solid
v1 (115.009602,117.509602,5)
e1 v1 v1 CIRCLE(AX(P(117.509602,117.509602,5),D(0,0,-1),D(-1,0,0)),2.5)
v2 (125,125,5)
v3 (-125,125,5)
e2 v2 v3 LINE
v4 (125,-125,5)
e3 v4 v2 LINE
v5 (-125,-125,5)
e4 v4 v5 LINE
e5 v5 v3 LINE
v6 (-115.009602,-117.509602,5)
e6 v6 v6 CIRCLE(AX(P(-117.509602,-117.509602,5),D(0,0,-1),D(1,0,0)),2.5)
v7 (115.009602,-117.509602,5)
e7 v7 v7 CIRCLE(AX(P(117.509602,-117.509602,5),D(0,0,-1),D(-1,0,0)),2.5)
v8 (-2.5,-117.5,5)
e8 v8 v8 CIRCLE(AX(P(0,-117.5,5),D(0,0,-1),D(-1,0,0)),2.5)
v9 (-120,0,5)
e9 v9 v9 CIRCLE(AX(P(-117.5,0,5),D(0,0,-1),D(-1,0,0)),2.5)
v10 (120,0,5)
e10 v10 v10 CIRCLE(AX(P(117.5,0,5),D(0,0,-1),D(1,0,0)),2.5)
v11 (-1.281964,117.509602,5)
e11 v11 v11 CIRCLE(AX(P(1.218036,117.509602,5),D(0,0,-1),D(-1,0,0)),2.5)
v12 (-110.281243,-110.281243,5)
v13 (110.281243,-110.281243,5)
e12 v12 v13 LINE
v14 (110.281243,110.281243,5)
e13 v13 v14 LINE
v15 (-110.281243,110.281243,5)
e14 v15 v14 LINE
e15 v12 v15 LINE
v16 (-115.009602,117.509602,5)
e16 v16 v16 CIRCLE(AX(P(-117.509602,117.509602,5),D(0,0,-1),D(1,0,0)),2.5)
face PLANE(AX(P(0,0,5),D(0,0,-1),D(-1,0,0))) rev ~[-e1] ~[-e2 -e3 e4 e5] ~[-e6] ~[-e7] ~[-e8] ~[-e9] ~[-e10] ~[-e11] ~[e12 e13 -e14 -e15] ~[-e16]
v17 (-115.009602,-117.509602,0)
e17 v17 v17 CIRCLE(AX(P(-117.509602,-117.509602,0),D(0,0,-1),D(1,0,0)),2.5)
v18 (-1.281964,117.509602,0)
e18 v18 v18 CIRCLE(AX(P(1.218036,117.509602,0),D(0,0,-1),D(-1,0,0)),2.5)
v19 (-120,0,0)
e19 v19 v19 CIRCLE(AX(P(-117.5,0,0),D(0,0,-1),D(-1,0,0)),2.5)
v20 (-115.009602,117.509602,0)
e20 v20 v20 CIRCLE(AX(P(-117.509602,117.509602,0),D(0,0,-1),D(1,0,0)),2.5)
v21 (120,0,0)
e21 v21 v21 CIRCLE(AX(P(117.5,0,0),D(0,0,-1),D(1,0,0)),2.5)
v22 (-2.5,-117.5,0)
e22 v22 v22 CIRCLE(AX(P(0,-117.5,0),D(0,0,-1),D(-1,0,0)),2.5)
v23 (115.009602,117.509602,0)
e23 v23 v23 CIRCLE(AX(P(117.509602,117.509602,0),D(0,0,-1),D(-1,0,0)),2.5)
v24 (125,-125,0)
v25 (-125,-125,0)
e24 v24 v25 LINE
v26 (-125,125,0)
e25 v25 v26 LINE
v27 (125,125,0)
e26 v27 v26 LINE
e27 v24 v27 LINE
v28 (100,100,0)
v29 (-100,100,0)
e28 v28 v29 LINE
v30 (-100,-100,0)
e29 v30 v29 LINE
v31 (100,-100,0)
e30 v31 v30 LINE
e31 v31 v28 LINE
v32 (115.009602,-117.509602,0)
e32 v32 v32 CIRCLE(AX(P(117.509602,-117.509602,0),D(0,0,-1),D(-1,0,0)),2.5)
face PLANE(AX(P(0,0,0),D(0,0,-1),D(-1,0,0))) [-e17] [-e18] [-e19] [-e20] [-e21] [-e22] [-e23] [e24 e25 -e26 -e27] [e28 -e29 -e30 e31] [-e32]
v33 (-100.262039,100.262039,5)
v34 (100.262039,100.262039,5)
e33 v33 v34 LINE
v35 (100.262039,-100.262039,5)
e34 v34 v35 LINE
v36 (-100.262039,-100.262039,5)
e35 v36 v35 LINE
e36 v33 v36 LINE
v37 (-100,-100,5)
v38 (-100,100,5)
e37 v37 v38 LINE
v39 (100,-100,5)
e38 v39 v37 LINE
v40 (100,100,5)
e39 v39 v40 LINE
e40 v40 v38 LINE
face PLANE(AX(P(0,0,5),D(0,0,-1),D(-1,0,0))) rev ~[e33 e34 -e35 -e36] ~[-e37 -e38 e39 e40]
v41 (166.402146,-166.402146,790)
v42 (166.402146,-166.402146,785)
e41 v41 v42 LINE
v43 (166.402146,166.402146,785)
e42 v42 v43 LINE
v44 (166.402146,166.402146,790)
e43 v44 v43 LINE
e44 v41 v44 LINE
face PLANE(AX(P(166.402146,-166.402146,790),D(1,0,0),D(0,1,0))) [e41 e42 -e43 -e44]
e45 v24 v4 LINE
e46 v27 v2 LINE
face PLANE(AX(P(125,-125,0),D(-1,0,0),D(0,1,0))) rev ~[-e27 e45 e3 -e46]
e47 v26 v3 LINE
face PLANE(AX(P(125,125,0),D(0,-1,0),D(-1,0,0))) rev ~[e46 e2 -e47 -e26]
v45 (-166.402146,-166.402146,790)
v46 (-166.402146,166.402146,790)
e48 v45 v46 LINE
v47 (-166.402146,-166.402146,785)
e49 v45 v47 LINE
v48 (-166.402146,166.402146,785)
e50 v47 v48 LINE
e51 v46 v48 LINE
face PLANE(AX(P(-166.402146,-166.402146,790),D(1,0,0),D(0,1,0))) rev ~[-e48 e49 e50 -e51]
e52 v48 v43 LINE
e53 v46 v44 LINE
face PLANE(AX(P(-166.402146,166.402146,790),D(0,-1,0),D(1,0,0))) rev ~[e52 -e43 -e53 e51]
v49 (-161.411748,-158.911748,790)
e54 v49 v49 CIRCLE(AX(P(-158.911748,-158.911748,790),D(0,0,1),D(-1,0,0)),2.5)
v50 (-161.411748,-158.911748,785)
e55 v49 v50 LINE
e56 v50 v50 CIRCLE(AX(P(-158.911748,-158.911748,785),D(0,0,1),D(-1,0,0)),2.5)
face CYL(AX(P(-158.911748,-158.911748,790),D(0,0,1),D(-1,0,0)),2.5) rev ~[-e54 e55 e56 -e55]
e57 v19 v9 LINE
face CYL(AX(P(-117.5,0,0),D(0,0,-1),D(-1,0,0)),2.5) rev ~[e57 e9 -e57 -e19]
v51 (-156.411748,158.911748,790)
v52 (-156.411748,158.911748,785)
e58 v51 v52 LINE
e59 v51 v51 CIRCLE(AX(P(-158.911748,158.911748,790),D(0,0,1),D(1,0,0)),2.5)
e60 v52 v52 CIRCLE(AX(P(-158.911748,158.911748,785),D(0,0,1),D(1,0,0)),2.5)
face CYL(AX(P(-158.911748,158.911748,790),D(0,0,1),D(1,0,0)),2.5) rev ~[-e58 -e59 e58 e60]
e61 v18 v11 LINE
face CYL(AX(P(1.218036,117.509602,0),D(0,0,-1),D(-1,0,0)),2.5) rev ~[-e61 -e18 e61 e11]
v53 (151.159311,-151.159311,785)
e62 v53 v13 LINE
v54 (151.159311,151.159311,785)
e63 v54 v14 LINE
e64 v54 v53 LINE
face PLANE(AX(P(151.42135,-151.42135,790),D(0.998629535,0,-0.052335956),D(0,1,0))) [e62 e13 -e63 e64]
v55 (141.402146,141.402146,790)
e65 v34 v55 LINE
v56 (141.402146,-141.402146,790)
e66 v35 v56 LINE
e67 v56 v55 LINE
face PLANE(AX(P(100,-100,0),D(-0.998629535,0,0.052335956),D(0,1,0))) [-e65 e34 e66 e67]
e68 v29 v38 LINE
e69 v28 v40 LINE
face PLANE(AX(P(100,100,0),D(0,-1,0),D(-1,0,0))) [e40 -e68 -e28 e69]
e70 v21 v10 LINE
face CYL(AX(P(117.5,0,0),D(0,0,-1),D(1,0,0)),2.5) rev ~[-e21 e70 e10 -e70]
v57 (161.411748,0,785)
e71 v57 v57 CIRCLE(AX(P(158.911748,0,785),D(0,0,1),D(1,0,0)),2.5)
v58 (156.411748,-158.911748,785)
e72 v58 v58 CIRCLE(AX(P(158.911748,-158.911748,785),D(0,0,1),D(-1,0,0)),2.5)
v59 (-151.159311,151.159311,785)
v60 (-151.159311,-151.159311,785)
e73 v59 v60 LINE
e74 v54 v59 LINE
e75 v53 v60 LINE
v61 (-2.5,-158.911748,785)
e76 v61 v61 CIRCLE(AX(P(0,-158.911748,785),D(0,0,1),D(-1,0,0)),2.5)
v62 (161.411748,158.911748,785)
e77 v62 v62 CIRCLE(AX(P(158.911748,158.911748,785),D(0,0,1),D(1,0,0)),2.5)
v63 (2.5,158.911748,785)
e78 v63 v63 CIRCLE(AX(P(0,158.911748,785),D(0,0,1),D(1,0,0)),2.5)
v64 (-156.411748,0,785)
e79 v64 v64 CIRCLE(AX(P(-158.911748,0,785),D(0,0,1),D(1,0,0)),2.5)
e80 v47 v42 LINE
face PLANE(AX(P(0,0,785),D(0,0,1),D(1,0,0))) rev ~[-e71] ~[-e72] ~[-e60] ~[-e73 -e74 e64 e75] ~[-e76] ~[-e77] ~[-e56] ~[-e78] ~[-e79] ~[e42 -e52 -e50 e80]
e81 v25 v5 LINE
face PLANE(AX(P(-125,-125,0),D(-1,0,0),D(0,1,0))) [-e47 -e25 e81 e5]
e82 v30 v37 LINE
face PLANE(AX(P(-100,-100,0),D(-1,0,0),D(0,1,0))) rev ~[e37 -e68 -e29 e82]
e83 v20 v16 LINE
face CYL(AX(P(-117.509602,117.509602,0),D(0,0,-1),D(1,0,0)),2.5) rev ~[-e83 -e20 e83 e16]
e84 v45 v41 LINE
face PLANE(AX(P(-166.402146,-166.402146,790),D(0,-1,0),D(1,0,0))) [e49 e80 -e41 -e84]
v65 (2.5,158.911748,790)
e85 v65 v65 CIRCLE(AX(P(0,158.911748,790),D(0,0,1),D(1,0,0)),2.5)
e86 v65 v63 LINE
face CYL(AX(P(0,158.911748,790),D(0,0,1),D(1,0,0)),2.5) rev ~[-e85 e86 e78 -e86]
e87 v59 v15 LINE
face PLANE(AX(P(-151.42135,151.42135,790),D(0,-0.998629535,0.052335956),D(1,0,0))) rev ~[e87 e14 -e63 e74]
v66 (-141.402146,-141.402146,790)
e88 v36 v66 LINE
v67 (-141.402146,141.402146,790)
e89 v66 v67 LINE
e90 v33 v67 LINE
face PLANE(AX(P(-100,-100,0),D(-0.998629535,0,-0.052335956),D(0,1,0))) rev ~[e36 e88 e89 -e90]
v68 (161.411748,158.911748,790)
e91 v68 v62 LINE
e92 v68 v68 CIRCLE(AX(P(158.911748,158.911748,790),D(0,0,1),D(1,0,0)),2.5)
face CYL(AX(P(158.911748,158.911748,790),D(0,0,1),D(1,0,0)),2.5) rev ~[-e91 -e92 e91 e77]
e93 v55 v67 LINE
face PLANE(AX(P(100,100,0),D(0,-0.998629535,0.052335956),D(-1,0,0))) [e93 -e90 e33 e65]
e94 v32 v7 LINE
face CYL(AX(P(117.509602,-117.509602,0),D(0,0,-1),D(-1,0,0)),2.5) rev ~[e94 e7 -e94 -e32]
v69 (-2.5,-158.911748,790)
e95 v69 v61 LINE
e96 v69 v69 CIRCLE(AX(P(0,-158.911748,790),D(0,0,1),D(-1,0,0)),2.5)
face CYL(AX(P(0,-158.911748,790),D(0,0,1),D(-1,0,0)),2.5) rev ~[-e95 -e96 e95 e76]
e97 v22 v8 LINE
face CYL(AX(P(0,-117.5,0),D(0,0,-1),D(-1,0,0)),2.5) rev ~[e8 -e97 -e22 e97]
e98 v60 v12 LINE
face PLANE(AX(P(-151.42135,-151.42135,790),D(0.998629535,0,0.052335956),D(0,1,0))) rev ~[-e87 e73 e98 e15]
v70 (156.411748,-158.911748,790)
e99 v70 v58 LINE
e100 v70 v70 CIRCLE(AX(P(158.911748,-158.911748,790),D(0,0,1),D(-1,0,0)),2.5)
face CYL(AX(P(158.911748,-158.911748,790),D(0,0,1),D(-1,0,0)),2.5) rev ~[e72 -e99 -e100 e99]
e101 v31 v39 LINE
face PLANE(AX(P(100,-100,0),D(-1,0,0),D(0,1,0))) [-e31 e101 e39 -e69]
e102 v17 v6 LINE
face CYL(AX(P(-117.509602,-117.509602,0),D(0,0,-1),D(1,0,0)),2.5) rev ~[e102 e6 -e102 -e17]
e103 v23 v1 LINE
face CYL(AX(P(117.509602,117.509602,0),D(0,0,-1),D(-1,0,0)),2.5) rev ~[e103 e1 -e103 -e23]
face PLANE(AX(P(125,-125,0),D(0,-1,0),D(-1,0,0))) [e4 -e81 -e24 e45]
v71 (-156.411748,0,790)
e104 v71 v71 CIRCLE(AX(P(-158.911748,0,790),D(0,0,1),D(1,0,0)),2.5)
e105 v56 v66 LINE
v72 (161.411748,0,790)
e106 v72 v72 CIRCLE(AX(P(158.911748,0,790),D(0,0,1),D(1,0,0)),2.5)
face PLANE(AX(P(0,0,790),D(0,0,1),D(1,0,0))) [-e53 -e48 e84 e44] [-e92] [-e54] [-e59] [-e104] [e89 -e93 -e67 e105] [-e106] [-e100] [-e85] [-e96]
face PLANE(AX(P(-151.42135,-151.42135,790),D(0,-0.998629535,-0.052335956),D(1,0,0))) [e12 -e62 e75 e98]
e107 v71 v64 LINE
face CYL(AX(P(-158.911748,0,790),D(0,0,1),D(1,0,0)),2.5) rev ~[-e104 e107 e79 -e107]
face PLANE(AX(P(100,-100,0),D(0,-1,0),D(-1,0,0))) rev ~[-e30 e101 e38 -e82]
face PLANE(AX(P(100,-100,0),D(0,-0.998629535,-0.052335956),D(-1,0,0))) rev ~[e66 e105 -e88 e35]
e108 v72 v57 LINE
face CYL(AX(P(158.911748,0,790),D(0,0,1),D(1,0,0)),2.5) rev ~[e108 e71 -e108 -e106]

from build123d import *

# Parameters (mm, degrees)
SKETCH3_W           = 302.8427
SKETCH3_H           = 302.8427
BOSS_EXTRUDE1_DEPTH = 790
BOSS_EXTRUDE1_DRAFT = -3
SKETCH6_W           = 200
SKETCH6_H           = 200
CUT_EXTRUDE3_DEPTH  = 790
CUT_EXTRUDE3_DRAFT  = 3
SKETCH7_W           = 250
SKETCH7_H           = 250
SKETCH7_R           = 2.5
SKETCH7_W_2         = 200
SKETCH7_H_2         = 200
BOSS_EXTRUDE2_DEPTH = 5
SKETCH8_W           = 332.804291268
SKETCH8_H           = 332.804291268
SKETCH8_R           = 2.5
SKETCH8_W_2         = 282.804291268
SKETCH8_H_2         = 282.804291268
BOSS_EXTRUDE3_DEPTH = 5


with BuildPart() as part:
    # Sketch3 → Boss-Extrude1 (with draft: the straight prism first)
    with BuildSketch(Plane.XY.offset(790)):
        Rectangle(SKETCH3_W, SKETCH3_H)
    extrude(amount=-BOSS_EXTRUDE1_DEPTH)
    # Boss-Extrude1: the draft: its side faces are tilted about the plane it starts from
    boss_extrude1_sides = [part.faces().sort_by_distance(p)[0] for p in [
        (0, 151.42135, 395),
        (-151.42135, 0, 395),
        (0, -151.42135, 395),
        (151.42135, 0, 395),
    ]]
    draft(boss_extrude1_sides, Plane.XY.offset(790), BOSS_EXTRUDE1_DRAFT)


with BuildPart() as cut_extrude3_tool:
    # Sketch6 → Cut-Extrude3 (with draft: the straight prism first)
    with BuildSketch(Plane(origin=(0, 0, 0), x_dir=(-1, 0, 0), z_dir=(0, 0, -1))):
        Rectangle(SKETCH6_W, SKETCH6_H)
    extrude(amount=-CUT_EXTRUDE3_DEPTH)
    # Cut-Extrude3: the draft: its side faces are tilted about the plane it starts from
    cut_extrude3_sides = [cut_extrude3_tool.faces().sort_by_distance(p)[0] for p in [
        (0, -100, 395),
        (-100, 0, 395),
        (0, 100, 395),
        (100, 0, 395),
    ]]
    draft(cut_extrude3_sides, Plane(origin=(0, 0, 0), x_dir=(-1, 0, 0), z_dir=(0, 0, -1)), CUT_EXTRUDE3_DRAFT)


with BuildPart() as part_1:
    add(part.part)

    # Cut-Extrude3: cut by cut_extrude3_tool
    add(cut_extrude3_tool.part, mode=Mode.SUBTRACT)

    # Sketch7 → Boss-Extrude2 (add)
    with BuildSketch(Plane(origin=(0, 0, 0), x_dir=(-1, 0, 0), z_dir=(0, 0, -1))):
        Rectangle(SKETCH7_W, SKETCH7_H)
        with Locations((0, -117.5)):
            Circle(SKETCH7_R, mode=Mode.SUBTRACT)
        with Locations((-117.509602183, 117.509602183)):
            Circle(SKETCH7_R, mode=Mode.SUBTRACT)
        with Locations(Location((117.509602183, -117.509602183, 0), (0, 0, 180))):
            Circle(SKETCH7_R, mode=Mode.SUBTRACT)
        with Locations(Location((-117.5, 0, 0), (0, 0, 180))):
            Circle(SKETCH7_R, mode=Mode.SUBTRACT)
        with Locations((-117.509602183, -117.509602183)):
            Circle(SKETCH7_R, mode=Mode.SUBTRACT)
        with Locations(Location((117.509602183, 117.509602183, 0), (0, 0, 180))):
            Circle(SKETCH7_R, mode=Mode.SUBTRACT)
        with Locations((117.5, 0)):
            Circle(SKETCH7_R, mode=Mode.SUBTRACT)
        with Locations((-1.21803637, 117.509602183)):
            Circle(SKETCH7_R, mode=Mode.SUBTRACT)
        Rectangle(SKETCH7_W_2, SKETCH7_H_2, mode=Mode.SUBTRACT)
    extrude(amount=-BOSS_EXTRUDE2_DEPTH)

    # Sketch8 → Boss-Extrude3 (add)
    with BuildSketch(Plane.XY.offset(790)):
        Rectangle(SKETCH8_W, SKETCH8_H)
        with Locations((-158.911747817, 0)):
            Circle(SKETCH8_R, mode=Mode.SUBTRACT)
        with Locations((-158.911747817, 158.911747817)):
            Circle(SKETCH8_R, mode=Mode.SUBTRACT)
        with Locations(Location((158.911747817, -158.911747817, 0), (0, 0, 180))):
            Circle(SKETCH8_R, mode=Mode.SUBTRACT)
        with Locations(Location((0, -158.911747817, 0), (0, 0, 180))):
            Circle(SKETCH8_R, mode=Mode.SUBTRACT)
        with Locations((158.911747817, 158.911747817)):
            Circle(SKETCH8_R, mode=Mode.SUBTRACT)
        with Locations((0, 158.911747817)):
            Circle(SKETCH8_R, mode=Mode.SUBTRACT)
        with Locations(Location((-158.911747817, -158.911747817, 0), (0, 0, 180))):
            Circle(SKETCH8_R, mode=Mode.SUBTRACT)
        with Locations((158.911747817, 0)):
            Circle(SKETCH8_R, mode=Mode.SUBTRACT)
        Rectangle(SKETCH8_W_2, SKETCH8_H_2, mode=Mode.SUBTRACT)
    extrude(amount=-BOSS_EXTRUDE3_DEPTH)


solid = part_1.part
